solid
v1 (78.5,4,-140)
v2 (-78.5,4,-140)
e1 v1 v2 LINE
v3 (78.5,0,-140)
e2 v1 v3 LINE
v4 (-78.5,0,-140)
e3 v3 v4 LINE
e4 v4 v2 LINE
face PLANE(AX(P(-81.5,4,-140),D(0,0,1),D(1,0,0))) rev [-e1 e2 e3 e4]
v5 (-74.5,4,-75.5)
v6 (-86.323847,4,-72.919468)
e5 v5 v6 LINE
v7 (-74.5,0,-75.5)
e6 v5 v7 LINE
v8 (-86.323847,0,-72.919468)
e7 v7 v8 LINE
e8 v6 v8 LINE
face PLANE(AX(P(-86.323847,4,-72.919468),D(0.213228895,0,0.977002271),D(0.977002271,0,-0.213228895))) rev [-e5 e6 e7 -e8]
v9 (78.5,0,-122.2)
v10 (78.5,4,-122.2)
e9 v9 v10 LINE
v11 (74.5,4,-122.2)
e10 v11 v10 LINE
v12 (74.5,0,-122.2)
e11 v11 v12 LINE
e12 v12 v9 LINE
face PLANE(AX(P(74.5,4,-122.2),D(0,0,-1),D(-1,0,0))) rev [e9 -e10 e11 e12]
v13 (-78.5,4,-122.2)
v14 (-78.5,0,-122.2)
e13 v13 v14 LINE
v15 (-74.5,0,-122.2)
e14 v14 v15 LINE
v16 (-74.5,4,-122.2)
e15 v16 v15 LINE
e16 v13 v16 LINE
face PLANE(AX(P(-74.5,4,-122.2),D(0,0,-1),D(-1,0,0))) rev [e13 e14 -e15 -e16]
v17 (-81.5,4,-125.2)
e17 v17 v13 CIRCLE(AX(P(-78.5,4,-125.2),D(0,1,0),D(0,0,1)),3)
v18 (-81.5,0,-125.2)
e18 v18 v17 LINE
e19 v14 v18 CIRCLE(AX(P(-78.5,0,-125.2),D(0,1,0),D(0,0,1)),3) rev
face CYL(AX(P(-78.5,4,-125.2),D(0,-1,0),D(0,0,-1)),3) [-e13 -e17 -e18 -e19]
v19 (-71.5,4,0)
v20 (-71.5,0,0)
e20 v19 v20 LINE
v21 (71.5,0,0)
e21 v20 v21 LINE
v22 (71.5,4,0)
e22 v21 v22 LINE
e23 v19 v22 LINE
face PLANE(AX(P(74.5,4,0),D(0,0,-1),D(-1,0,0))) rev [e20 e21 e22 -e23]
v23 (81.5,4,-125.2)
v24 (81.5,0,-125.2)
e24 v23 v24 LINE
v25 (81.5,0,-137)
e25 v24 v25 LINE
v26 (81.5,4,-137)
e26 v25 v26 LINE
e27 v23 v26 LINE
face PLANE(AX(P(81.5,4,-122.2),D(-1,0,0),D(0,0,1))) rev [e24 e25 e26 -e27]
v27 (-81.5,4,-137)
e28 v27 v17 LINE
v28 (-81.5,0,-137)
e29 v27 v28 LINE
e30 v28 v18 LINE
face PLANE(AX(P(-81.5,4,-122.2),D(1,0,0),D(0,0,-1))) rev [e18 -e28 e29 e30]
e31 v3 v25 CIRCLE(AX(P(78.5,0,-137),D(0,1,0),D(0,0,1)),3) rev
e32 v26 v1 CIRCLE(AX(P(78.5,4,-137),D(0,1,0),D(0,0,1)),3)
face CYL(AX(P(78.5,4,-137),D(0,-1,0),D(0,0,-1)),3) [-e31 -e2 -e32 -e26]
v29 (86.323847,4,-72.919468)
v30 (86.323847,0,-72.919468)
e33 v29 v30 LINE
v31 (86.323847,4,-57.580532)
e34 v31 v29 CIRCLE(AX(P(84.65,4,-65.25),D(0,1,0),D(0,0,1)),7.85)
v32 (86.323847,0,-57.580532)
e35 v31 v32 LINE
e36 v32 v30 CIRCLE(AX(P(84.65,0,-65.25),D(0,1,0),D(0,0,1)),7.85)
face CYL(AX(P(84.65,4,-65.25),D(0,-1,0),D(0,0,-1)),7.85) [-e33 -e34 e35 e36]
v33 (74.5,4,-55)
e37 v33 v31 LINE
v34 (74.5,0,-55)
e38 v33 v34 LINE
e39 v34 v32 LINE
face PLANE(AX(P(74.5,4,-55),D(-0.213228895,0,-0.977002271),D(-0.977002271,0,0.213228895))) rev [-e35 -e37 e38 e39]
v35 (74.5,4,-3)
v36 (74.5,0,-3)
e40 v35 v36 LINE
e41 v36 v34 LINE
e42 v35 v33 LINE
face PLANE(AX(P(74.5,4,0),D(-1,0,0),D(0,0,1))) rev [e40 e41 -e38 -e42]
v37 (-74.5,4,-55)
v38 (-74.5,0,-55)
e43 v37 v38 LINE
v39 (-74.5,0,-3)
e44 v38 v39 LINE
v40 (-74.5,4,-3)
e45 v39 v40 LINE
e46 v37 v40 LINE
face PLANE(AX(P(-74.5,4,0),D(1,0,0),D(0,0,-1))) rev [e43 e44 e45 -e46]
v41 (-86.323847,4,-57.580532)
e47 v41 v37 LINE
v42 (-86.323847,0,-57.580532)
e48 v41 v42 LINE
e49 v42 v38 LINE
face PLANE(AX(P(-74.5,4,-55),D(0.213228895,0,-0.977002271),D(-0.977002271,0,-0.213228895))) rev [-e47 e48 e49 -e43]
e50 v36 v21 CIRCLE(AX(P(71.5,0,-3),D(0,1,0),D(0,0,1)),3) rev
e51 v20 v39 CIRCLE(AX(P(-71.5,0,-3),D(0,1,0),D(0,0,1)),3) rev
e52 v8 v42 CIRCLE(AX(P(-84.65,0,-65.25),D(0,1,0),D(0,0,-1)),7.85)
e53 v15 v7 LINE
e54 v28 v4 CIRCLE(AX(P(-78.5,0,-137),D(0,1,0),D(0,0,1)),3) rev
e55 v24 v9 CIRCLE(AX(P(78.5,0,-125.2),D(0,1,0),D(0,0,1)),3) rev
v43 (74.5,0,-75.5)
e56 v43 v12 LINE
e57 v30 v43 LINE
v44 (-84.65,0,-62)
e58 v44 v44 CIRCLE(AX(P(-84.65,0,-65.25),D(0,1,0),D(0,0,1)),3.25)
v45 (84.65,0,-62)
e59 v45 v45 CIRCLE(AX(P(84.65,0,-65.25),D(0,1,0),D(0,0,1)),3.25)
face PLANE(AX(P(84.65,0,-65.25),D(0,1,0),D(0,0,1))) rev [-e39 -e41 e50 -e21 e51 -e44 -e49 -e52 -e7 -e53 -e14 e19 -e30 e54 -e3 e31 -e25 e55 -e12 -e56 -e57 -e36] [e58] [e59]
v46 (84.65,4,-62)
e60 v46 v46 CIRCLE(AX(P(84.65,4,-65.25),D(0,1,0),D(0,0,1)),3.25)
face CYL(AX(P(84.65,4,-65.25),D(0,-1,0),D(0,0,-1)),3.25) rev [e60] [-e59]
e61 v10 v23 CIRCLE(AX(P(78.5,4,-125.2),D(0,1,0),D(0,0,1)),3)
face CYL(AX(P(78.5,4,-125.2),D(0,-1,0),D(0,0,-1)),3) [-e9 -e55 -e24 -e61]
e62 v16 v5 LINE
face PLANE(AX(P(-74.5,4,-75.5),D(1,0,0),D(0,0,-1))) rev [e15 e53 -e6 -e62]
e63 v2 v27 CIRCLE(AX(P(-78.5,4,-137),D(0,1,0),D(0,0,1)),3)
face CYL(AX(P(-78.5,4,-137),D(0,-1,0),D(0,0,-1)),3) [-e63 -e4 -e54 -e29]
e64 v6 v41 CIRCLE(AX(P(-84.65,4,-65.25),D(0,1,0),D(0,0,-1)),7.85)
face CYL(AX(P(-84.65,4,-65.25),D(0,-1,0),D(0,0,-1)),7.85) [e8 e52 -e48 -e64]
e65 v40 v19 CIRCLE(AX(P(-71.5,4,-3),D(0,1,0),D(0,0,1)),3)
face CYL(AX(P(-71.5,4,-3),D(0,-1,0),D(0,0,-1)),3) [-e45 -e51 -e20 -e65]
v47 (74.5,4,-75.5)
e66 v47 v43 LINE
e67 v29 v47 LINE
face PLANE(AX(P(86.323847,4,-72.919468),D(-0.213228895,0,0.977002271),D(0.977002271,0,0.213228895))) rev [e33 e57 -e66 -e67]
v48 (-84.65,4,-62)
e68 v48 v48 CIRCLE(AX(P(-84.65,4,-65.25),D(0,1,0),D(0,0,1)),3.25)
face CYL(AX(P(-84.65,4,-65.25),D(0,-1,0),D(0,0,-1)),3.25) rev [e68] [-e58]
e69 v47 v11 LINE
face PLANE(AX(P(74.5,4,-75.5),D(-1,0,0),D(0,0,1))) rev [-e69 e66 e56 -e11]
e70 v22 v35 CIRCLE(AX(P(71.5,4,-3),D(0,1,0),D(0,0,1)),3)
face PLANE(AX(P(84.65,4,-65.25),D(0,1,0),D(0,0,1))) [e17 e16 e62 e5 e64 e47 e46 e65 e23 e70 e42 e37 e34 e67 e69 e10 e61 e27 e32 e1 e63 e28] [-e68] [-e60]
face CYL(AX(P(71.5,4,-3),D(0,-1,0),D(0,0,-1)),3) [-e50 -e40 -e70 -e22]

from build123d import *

# Parameters (mm, degrees)
SKETCH1_R           = 3.25
BOSS_EXTRUDE1_DEPTH = 4
FILLET7_R           = 3


with BuildPart() as part:
    # Sketch1 → Boss-Extrude1 (new body)
    with BuildSketch(Plane(origin=(0, 0, 0), x_dir=(1, 0, 0), z_dir=(0, 1, 0))):
        with BuildLine():
            Line((74.5, 0), (-74.5, 0))
            Line((-74.5, 0), (-74.5, 55))
            Line((-74.5, 55), (-86.323846824, 57.580532169))
            ThreePointArc((-86.323846824, 57.580532169), (-92.5, 65.25), (-86.323846824, 72.919467831))
            Line((-86.323846824, 72.919467831), (-74.5, 75.5))
            Line((-74.5, 75.5), (-74.5, 122.2))
            Line((-74.5, 122.2), (-81.5, 122.2))
            Line((-81.5, 122.2), (-81.5, 140))
            Line((-81.5, 140), (81.5, 140))
            Line((81.5, 140), (81.5, 122.2))
            Line((81.5, 122.2), (74.5, 122.2))
            Line((74.5, 122.2), (74.5, 75.5))
            Line((74.5, 75.5), (86.323846824, 72.919467831))
            ThreePointArc((86.323846824, 72.919467831), (92.5, 65.25), (86.323846824, 57.580532169))
            Line((86.323846824, 57.580532169), (74.5, 55))
            Line((74.5, 55), (74.5, 0))
        make_face()
        with Locations((-84.65, 65.25)):
            Circle(SKETCH1_R, mode=Mode.SUBTRACT)
        with Locations((84.65, 65.25)):
            Circle(SKETCH1_R, mode=Mode.SUBTRACT)
    extrude(amount=BOSS_EXTRUDE1_DEPTH)

    # Fillet7
    fillet7_edges = [part.edges().sort_by_distance(p)[0] for p in [
        (74.5, 2, 0),
        (-74.5, 2, 0),
        (-81.5, 2, -122.2),
        (-81.5, 2, -140),
        (81.5, 2, -140),
        (81.5, 2, -122.2),
    ]]
    fillet(fillet7_edges, radius=FILLET7_R)


solid = part.part
